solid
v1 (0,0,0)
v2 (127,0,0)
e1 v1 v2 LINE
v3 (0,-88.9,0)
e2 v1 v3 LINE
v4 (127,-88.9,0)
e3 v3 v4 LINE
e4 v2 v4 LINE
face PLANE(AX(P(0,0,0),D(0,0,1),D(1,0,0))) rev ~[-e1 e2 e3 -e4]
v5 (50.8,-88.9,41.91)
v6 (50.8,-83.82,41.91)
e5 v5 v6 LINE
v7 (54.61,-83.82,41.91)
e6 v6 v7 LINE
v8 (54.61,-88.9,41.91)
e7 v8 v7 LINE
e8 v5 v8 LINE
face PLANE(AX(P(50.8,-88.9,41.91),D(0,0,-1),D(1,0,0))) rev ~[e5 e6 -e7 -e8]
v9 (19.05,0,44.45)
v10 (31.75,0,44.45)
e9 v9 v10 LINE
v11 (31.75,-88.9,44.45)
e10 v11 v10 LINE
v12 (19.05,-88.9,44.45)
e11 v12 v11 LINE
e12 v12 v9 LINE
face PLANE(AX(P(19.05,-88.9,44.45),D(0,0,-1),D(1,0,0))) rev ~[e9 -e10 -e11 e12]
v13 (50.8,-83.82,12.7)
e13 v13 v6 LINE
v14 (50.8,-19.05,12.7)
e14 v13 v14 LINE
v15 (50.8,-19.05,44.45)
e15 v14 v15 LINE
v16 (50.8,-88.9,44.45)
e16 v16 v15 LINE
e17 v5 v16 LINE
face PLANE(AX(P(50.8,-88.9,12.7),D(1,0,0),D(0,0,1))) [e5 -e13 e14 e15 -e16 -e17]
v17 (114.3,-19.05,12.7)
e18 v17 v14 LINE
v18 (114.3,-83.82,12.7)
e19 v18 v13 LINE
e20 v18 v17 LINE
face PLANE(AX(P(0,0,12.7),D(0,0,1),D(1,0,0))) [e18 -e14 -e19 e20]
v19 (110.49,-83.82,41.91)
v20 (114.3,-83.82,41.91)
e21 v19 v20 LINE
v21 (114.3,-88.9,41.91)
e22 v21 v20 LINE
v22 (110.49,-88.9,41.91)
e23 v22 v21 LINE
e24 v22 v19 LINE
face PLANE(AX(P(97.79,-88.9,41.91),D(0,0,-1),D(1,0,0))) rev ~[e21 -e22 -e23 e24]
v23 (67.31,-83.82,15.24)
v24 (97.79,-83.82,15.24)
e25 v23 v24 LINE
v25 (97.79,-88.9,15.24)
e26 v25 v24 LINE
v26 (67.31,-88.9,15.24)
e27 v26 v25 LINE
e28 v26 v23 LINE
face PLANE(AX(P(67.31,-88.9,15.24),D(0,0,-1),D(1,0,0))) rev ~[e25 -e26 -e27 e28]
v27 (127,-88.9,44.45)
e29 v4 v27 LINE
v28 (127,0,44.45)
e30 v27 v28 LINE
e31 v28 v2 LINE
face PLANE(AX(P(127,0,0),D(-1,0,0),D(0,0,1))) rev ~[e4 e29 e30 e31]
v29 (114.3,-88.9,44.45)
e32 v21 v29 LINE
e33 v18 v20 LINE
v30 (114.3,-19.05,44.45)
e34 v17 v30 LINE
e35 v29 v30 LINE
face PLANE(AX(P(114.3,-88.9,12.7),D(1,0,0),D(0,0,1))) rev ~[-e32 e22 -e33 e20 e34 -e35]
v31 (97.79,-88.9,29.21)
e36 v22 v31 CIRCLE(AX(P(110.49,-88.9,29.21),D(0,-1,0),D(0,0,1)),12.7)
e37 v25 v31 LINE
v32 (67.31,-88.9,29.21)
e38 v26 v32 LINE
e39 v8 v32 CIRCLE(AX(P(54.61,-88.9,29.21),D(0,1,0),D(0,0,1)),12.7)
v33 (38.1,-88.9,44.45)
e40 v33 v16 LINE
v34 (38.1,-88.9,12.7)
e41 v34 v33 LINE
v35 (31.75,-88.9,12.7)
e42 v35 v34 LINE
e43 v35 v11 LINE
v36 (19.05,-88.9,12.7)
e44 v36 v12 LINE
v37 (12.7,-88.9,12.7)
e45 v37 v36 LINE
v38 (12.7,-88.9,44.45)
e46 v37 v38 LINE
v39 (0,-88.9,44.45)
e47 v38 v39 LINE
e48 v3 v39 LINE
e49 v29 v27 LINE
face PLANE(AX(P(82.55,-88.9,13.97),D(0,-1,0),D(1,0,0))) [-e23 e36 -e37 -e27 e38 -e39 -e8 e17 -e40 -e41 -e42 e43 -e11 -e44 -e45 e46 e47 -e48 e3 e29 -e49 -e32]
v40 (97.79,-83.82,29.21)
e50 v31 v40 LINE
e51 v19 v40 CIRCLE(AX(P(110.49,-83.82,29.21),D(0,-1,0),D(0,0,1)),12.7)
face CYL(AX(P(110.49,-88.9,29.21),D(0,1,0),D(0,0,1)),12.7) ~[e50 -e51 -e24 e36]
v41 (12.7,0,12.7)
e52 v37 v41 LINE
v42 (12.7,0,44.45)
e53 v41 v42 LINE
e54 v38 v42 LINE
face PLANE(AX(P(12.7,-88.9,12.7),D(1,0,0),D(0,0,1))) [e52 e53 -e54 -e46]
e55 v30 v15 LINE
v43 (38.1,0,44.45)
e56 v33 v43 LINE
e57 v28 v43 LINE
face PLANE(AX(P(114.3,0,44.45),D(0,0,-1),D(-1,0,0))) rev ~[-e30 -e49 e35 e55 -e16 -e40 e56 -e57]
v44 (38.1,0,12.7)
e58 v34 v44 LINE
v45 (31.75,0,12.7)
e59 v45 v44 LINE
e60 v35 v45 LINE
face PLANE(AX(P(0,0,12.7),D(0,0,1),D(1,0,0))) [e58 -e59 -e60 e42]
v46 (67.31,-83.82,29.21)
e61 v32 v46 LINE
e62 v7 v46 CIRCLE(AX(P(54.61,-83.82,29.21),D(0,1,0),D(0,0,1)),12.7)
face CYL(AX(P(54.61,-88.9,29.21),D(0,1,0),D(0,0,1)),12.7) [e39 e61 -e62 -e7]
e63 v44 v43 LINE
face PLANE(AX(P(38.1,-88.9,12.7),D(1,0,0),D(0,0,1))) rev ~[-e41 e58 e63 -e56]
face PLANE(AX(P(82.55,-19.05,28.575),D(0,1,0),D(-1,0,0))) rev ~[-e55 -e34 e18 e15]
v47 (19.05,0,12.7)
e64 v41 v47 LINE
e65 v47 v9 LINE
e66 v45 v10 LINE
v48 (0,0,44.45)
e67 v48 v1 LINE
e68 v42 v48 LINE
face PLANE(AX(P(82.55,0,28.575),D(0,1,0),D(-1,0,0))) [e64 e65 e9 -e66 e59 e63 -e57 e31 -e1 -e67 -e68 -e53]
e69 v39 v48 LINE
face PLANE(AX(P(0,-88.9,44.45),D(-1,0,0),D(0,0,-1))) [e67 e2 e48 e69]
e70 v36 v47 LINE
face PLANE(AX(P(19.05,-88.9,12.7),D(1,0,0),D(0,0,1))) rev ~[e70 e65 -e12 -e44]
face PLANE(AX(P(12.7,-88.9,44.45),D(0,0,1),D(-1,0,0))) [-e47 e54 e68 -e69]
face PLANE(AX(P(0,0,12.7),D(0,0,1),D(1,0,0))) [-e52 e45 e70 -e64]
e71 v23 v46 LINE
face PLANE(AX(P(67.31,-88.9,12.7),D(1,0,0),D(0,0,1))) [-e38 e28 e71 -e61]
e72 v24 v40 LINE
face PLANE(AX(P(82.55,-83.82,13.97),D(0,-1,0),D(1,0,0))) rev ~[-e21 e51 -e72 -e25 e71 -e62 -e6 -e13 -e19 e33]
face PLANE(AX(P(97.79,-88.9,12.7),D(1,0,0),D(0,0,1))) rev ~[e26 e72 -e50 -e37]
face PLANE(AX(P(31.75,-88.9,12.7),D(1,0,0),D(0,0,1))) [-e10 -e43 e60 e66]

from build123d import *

# Parameters (mm, degrees)
F0_W     = 127
F0_H     = 12.7
F1_DEPTH = 88.9
F2_W     = 12.7
F2_H     = 31.75
F3_DEPTH = 88.9
F4_W     = 16.51
F4_H     = 29.21
F5_DEPTH = 5.08
F6_W     = 63.5
F6_H     = 31.75
F7_DEPTH = 19.05
F8_W     = 30.48
F8_H     = 2.54
F9_DEPTH = 5.08
F10_R    = 12.7


with BuildPart() as f1:
    # F0 (on Front) → F1 (new body)
    with BuildSketch(Plane.XZ):
        with Locations((63.5, 6.35)):
            Rectangle(F0_W, F0_H)
    extrude(amount=F1_DEPTH)

    # F2 (on face) → F3 (join)
    with BuildSketch(Plane.XZ.offset(88.9)):
        Polygon((0, 44.45), (0, 12.7), (6.35, 12.7), (12.7, 12.7), (12.7, 44.45), (6.35, 44.45), align=None)
        with Locations((25.4, 28.575)):
            Rectangle(F2_W, F2_H)
        with Locations((44.45, 28.575)):
            Rectangle(F2_W, F2_H)
        with Locations((120.65, 28.575)):
            Rectangle(F2_W, F2_H)
    extrude(amount=-F3_DEPTH)

    # F4 (on face) → F5 (join)
    with BuildSketch(Plane.XZ.offset(88.9)):
        with Locations((59.055, 27.305)):
            Rectangle(F4_W, F4_H)
        with Locations((106.045, 27.305)):
            Rectangle(F4_W, F4_H)
    extrude(amount=-F5_DEPTH)

    # F6 (on face) → F7 (join)
    with BuildSketch(Plane(origin=(0, 0, 0), x_dir=(-1, 0, 0), z_dir=(0, 1, 0))):
        with Locations((-82.55, 28.575)):
            Rectangle(F6_W, F6_H)
    extrude(amount=-F7_DEPTH)

    # F8 (on face) → F9 (join)
    with BuildSketch(Plane.XZ.offset(88.9)):
        with Locations((82.55, 13.97)):
            Rectangle(F8_W, F8_H)
    extrude(amount=-F9_DEPTH)

    # F10
    f10_edges = [f1.edges().sort_by_distance(p)[0] for p in [
        (67.31, -86.36, 41.91),
        (97.79, -86.36, 41.91),
    ]]
    fillet(f10_edges, radius=F10_R)


solid = f1.part
